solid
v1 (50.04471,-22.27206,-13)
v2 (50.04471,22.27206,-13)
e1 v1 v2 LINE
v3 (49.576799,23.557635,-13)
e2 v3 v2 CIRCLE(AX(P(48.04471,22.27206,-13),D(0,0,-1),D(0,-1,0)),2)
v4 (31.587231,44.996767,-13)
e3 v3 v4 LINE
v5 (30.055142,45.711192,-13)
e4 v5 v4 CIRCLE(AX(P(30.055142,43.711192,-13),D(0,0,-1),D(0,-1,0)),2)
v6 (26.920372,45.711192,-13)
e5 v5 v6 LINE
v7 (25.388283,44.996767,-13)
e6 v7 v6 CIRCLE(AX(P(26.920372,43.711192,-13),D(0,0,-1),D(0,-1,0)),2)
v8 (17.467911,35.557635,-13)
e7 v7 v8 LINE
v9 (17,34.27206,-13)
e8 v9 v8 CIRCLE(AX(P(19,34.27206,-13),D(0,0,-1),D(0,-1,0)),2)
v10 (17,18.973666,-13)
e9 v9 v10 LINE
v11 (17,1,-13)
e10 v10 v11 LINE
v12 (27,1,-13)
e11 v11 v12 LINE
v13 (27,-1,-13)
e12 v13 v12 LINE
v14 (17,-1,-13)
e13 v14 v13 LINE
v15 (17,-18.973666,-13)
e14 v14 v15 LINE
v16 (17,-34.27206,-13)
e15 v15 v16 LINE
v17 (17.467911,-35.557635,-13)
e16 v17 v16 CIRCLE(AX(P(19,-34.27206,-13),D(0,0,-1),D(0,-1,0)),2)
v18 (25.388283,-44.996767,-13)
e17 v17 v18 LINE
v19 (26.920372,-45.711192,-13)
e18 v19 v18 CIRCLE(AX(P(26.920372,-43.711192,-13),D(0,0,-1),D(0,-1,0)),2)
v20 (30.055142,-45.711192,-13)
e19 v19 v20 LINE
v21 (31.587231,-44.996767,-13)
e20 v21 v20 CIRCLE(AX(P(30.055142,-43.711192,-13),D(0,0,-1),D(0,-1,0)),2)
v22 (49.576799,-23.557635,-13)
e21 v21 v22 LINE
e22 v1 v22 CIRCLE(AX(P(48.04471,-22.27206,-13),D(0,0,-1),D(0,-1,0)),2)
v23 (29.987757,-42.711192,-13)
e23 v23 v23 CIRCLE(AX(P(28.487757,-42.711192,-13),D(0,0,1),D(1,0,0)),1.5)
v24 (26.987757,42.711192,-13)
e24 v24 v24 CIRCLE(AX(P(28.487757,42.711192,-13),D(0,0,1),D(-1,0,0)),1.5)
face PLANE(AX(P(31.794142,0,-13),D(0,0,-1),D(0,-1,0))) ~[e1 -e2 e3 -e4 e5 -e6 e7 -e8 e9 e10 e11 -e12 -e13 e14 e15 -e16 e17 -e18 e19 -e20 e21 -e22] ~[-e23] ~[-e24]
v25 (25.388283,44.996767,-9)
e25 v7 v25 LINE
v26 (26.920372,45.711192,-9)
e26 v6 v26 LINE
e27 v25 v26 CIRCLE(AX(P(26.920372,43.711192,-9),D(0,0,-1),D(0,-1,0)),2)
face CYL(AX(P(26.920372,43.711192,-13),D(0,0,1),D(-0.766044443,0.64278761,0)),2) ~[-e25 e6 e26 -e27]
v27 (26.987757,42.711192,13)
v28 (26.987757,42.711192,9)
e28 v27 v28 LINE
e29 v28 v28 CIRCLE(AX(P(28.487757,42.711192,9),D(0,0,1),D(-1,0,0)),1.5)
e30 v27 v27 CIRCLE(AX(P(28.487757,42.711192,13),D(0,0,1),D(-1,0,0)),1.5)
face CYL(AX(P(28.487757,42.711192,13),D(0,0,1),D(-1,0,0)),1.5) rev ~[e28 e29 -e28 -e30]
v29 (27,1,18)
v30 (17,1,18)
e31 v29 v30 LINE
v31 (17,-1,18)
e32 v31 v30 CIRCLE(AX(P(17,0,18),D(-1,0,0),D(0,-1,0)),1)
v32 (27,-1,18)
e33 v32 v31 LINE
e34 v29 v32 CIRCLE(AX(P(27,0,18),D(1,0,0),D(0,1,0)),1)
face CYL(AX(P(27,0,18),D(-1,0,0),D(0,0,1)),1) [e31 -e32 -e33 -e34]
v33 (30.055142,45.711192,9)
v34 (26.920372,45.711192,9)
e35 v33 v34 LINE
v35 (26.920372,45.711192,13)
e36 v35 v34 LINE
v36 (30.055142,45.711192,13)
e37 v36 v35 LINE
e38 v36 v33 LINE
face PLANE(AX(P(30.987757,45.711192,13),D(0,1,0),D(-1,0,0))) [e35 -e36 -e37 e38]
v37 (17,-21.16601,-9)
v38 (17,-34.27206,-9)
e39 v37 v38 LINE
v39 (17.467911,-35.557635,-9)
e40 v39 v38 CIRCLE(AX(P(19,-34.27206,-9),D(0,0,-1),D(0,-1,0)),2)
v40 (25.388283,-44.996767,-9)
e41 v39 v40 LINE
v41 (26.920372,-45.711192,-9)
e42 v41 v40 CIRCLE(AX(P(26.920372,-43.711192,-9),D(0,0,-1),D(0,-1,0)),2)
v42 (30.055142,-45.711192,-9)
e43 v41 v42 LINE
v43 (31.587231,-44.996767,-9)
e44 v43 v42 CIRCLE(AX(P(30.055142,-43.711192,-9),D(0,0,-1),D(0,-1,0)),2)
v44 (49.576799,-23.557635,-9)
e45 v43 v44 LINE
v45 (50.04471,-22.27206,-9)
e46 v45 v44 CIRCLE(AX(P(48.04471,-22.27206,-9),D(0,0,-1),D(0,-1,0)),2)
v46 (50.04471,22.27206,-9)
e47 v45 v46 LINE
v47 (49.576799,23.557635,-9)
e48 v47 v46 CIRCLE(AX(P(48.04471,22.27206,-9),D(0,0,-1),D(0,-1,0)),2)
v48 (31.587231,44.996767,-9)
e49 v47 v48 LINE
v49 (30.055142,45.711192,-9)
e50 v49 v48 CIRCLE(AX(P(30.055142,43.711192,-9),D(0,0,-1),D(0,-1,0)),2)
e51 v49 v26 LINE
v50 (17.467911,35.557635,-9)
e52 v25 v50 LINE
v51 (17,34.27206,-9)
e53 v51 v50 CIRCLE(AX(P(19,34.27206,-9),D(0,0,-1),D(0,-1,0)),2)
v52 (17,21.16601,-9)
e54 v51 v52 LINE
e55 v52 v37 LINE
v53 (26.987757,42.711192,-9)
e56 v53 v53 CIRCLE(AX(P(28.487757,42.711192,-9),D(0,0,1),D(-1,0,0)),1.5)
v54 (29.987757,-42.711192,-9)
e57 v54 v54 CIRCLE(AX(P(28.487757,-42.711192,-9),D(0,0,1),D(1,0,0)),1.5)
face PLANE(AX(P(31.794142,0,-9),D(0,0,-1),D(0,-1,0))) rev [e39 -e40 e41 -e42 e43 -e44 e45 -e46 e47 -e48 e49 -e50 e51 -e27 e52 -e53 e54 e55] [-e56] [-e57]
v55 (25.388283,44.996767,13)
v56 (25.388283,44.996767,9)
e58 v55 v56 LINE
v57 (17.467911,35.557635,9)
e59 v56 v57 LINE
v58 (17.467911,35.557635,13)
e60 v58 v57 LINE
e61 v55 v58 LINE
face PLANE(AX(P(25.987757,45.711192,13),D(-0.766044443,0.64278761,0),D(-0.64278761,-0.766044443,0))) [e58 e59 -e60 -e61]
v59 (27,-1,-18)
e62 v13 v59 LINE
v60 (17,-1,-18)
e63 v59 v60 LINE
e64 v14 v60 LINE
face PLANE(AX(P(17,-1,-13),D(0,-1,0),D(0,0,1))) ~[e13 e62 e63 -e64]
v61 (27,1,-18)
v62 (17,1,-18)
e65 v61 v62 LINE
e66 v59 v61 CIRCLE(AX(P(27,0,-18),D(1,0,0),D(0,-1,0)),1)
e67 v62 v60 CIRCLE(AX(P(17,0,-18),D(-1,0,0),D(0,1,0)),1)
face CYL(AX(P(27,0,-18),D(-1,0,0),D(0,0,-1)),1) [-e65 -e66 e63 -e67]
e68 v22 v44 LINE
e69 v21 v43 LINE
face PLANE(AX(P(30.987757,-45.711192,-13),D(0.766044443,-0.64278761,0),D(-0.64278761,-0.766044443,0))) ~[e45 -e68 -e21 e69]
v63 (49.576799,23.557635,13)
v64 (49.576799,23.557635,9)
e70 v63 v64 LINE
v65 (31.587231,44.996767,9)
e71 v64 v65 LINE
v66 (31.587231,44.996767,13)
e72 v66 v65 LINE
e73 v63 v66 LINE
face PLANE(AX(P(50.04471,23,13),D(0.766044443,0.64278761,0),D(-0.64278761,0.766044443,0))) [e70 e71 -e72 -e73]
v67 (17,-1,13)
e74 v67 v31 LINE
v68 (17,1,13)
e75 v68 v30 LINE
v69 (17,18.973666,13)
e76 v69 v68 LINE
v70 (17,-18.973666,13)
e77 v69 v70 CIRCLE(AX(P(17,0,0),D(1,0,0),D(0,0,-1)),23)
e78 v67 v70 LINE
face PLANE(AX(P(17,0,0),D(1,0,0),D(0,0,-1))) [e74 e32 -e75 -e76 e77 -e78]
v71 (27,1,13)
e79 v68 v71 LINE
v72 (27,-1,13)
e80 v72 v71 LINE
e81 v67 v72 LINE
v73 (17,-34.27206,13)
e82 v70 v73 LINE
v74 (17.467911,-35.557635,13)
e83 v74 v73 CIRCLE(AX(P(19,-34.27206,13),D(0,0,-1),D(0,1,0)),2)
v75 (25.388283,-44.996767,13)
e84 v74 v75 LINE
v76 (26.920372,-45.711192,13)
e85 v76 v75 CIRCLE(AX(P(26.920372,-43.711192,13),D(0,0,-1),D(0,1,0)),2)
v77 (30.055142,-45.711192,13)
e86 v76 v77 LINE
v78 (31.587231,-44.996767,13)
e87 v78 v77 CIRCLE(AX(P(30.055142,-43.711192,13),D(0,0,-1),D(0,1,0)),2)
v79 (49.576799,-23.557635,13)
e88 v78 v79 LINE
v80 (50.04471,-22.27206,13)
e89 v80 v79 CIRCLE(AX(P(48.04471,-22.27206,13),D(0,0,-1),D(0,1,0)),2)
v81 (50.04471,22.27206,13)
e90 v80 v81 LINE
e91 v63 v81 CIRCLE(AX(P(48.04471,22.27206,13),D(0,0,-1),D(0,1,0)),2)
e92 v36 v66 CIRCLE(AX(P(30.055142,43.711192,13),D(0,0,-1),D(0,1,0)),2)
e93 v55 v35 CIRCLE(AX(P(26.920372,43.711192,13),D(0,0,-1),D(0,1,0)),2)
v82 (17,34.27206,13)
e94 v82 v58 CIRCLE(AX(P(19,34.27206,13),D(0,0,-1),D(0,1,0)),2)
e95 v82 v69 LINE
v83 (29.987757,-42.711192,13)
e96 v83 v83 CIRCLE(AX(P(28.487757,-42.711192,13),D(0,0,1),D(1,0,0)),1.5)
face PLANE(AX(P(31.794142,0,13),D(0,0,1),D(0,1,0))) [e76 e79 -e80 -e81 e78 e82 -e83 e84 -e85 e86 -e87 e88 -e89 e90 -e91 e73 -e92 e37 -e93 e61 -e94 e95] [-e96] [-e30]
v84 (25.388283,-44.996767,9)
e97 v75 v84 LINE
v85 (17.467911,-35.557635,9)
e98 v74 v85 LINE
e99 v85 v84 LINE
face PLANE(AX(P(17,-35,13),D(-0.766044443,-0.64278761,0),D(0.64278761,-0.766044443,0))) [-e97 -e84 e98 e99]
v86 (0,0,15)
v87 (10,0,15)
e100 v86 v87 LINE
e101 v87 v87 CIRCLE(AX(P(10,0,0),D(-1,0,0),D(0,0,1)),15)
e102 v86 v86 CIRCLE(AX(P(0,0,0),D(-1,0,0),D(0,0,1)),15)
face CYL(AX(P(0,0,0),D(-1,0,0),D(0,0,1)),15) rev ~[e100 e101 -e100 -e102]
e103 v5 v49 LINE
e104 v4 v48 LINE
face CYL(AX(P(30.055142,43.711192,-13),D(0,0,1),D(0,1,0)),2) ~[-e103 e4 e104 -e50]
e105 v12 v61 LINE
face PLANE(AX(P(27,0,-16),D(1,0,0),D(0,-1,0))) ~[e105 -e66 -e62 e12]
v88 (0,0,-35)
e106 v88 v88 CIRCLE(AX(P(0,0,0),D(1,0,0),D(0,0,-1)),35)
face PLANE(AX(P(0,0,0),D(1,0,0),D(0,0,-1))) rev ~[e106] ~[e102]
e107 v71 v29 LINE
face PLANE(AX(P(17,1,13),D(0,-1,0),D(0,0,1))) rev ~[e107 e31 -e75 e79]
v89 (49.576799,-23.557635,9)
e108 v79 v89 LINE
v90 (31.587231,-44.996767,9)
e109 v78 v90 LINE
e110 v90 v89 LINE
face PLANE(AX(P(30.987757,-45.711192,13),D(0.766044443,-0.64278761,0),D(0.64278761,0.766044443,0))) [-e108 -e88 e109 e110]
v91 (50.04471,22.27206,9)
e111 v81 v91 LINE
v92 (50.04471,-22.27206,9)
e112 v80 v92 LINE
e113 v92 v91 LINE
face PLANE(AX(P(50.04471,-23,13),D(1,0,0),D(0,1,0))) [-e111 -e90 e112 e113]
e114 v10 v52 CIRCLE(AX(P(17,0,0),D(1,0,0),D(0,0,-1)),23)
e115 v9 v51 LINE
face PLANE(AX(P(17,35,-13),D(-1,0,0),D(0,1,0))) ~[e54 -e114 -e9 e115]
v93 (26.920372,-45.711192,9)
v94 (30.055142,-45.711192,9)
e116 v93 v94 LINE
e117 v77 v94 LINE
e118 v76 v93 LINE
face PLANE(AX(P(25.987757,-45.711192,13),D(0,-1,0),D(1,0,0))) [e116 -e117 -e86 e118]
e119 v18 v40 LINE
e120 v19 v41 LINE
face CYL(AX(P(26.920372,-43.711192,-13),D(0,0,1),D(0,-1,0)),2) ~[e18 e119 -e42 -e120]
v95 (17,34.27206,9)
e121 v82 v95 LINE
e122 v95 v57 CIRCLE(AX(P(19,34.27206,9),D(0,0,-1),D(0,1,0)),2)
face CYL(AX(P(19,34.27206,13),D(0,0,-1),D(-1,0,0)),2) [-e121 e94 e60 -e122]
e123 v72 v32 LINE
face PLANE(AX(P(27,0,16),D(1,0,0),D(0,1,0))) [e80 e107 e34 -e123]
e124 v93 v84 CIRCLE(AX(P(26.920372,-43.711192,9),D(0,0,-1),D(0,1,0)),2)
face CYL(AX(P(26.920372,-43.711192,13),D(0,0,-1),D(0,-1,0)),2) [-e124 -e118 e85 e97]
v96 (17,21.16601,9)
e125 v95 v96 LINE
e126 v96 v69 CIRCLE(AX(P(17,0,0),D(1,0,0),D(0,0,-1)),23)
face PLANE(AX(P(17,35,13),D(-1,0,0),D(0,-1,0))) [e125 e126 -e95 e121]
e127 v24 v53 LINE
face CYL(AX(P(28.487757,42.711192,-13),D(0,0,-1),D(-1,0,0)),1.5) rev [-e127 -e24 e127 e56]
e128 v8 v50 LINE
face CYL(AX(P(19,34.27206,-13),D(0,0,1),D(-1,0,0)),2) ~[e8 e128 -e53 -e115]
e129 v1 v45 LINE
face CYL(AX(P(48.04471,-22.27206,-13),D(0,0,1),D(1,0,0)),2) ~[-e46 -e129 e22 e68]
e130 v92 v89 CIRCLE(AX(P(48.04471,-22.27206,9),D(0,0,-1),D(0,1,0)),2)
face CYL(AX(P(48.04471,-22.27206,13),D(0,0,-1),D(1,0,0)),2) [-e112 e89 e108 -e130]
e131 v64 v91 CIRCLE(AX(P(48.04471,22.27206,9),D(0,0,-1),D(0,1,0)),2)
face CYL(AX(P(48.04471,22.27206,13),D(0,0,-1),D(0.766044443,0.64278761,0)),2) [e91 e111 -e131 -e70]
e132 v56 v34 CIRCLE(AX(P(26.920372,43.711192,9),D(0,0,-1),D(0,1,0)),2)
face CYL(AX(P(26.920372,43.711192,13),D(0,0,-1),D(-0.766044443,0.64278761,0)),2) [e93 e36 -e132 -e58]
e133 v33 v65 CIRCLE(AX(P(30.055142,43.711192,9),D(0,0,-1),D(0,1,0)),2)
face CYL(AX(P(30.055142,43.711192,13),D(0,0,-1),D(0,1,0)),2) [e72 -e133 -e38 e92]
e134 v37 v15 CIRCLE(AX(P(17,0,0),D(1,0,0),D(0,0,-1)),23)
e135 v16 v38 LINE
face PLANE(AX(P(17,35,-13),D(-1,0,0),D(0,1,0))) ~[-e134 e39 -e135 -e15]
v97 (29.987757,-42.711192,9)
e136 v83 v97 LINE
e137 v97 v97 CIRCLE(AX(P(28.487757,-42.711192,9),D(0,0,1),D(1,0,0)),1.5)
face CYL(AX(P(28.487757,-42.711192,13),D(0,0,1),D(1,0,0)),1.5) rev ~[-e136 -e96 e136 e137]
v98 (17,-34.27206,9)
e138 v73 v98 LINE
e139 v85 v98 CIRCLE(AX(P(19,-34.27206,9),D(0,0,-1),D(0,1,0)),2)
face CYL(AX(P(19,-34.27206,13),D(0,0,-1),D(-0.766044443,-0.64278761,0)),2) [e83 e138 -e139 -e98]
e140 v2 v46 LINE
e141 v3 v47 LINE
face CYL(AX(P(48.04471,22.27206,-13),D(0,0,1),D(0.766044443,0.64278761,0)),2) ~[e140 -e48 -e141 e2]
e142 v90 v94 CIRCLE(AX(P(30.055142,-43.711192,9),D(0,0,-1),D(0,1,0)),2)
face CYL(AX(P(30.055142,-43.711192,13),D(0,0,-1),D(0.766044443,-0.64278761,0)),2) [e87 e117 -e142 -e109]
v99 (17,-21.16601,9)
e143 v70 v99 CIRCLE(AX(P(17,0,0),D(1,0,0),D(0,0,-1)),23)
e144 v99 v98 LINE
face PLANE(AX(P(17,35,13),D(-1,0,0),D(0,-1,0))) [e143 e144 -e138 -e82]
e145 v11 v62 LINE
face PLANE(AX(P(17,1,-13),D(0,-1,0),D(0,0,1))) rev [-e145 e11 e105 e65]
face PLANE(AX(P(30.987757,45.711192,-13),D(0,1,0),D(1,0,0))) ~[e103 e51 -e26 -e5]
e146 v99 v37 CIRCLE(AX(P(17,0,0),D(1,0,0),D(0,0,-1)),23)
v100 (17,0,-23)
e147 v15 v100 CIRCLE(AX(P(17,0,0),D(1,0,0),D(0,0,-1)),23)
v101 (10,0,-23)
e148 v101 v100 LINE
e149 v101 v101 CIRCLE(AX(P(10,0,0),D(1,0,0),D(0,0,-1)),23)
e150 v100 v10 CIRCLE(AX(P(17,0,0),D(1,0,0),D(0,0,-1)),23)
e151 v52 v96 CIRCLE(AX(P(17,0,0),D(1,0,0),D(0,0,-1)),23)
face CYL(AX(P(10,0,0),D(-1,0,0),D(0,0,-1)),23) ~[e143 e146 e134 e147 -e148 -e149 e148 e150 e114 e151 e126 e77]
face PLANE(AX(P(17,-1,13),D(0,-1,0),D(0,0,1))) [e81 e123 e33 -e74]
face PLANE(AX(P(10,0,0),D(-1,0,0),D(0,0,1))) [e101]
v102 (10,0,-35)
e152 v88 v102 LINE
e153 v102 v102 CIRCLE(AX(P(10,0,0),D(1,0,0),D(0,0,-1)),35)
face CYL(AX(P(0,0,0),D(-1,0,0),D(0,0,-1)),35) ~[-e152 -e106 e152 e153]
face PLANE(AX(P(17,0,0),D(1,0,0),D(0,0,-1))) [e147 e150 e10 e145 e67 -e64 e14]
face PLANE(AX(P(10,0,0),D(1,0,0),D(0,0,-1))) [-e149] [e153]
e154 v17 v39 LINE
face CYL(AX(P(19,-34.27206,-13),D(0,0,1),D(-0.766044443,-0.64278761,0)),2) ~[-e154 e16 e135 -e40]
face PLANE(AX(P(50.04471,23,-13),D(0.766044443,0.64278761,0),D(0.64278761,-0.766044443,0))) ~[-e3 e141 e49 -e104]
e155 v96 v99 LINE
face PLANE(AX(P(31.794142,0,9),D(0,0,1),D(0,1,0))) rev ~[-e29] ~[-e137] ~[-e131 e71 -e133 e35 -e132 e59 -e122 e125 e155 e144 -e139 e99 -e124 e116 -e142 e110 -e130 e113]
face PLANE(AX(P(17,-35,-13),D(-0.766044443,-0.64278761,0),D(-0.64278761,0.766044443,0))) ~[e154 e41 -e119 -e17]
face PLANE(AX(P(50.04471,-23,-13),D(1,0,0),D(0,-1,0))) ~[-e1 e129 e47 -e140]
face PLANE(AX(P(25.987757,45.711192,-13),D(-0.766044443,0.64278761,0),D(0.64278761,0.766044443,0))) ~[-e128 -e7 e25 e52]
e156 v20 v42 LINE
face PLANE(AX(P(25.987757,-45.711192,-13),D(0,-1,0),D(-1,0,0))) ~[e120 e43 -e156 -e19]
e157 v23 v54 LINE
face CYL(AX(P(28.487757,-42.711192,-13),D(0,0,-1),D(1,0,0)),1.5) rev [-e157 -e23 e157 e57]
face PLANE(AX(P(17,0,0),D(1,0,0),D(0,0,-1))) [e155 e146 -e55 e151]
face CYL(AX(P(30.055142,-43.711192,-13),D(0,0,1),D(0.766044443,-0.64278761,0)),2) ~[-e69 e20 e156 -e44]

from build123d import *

# Parameters (mm, degrees)
SKETCH1_R                   = 35
BOSS_EXTRUDE1_DEPTH         = 10
SKETCH2_R                   = 23
BOSS_EXTRUDE2_DEPTH         = 7
BOSS_EXTRUDE3_DEPTH         = 4
SKETCH4_R                   = 1.5
CUT_EXTRUDE2_DEPTH          = 4
SKETCH5_W                   = 2
SKETCH5_H                   = 6
BOSS_EXTRUDE4_DEPTH         = 10
FILLET1_RADIUS              = 1
FILLET1_LENGTH              = 10
FILLET2_R                   = 2
FILLET1_OF_MIRROR2_2_RADIUS = 1
FILLET1_OF_MIRROR2_2_LENGTH = 10
FILLET2_OF_MIRROR2_R        = 2
SKETCH6_R                   = 15
CUT_EXTRUDE3_DEPTH          = 10


with BuildPart() as part:
    # Sketch1 → Boss-Extrude1 (new body)
    with BuildSketch(Plane.YZ):
        with Locations(Location((0, 0, 0), (0, 0, 270))):
            Circle(SKETCH1_R)
    extrude(amount=BOSS_EXTRUDE1_DEPTH)

    # Sketch2 → Boss-Extrude2 (add)
    with BuildSketch(Plane.YZ.offset(10)):
        with Locations(Location((0, 0, 0), (0, 0, 270))):
            Circle(SKETCH2_R)
    extrude(amount=BOSS_EXTRUDE2_DEPTH)

    # Sketch3 → Boss-Extrude3 (add)
    with BuildSketch(Plane(origin=(0, 0, 13), x_dir=(0, 1, 0), z_dir=(0, 0, 1))):
        Polygon((35, -17), (-35, -17), (-45.711191774, -25.987757067), (-45.711191774, -30.987757067), (-23, -50.044709708), (23, -50.044709708), (45.711191774, -30.987757067), (45.711191774, -25.987757067), align=None)
    boss_extrude3 = extrude(amount=-BOSS_EXTRUDE3_DEPTH)

    # Sketch4 → Cut-Extrude2 (cut)
    with BuildSketch(Plane.XY.offset(13)):
        with Locations((28.487757067, -42.711191774)):
            Circle(SKETCH4_R)
        with Locations(Location((28.487757067, 42.711191774, 0), (0, 0, 180))):
            Circle(SKETCH4_R)
    cut_extrude2 = extrude(amount=-CUT_EXTRUDE2_DEPTH, mode=Mode.SUBTRACT)

    # Sketch5 → Boss-Extrude4 (add)
    with BuildSketch(Plane.YZ.offset(17)):
        with Locations((0, 16)):
            Rectangle(SKETCH5_W, SKETCH5_H)
    boss_extrude4 = extrude(amount=BOSS_EXTRUDE4_DEPTH)

    # Fillet1: full round fillet: the end face becomes a half cylinder, R = half its width
    fillet1_face = Plane((22, 0, 19), x_dir=(-1, 0, 0), z_dir=(0, 0, 1))  # on the end face: x along it, z out of the body
    fillet1_slab = fillet1_face.offset(-FILLET1_RADIUS / 2) * Box(FILLET1_LENGTH, 2 * FILLET1_RADIUS, FILLET1_RADIUS, mode=Mode.PRIVATE)  # the body's end, R deep
    fillet1_round = Plane((22, 0, 18), x_dir=(0, 0, 1), z_dir=(-1, 0, 0)) * Cylinder(FILLET1_RADIUS, FILLET1_LENGTH, mode=Mode.PRIVATE)  # its axis R under the face
    add(fillet1_slab - fillet1_round, mode=Mode.SUBTRACT)

    # Fillet2
    fillet2_edges = [part.edges().sort_by_distance(p)[0] for p in [
        (50.044709708, 23, 11),
        (50.044709708, -23, 11),
        (30.987757067, -45.711191774, 11),
        (25.987757067, -45.711191774, 11),
        (17, -35, 11),
        (17, 35, 11),
        (25.987757067, 45.711191774, 11),
        (30.987757067, 45.711191774, 11),
    ]]
    fillet(fillet2_edges, radius=FILLET2_R)

    # Mirror2: Boss-Extrude3, Cut-Extrude2, Boss-Extrude4 across plane
    add(boss_extrude3.mirror(Plane.XY))
    add(cut_extrude2.mirror(Plane.XY), mode=Mode.SUBTRACT)
    add(boss_extrude4.mirror(Plane.XY))

    # Fillet1 of Mirror2 2: full round fillet: the end face becomes a half cylinder, R = half its width
    fillet1_of_mirror2_2_face = Plane((22, 0, -19), x_dir=(-1, 0, 0), z_dir=(0, 0, -1))  # on the end face: x along it, z out of the body
    fillet1_of_mirror2_2_slab = fillet1_of_mirror2_2_face.offset(-FILLET1_OF_MIRROR2_2_RADIUS / 2) * Box(FILLET1_OF_MIRROR2_2_LENGTH, 2 * FILLET1_OF_MIRROR2_2_RADIUS, FILLET1_OF_MIRROR2_2_RADIUS, mode=Mode.PRIVATE)  # the body's end, R deep
    fillet1_of_mirror2_2_round = Plane((22, 0, -18), x_dir=(0, 0, -1), z_dir=(-1, 0, 0)) * Cylinder(FILLET1_OF_MIRROR2_2_RADIUS, FILLET1_OF_MIRROR2_2_LENGTH, mode=Mode.PRIVATE)  # its axis R under the face
    add(fillet1_of_mirror2_2_slab - fillet1_of_mirror2_2_round, mode=Mode.SUBTRACT)

    # Fillet2 of Mirror2
    fillet2_of_mirror2_edges = [part.edges().sort_by_distance(p)[0] for p in [
        (50.044709708, 23, -11),
        (50.044709708, -23, -11),
        (30.987757067, -45.711191774, -11),
        (25.987757067, -45.711191774, -11),
        (17, -35, -11),
        (17, 35, -11),
        (25.987757067, 45.711191774, -11),
        (30.987757067, 45.711191774, -11),
    ]]
    fillet(fillet2_of_mirror2_edges, radius=FILLET2_OF_MIRROR2_R)

    # Sketch6 → Cut-Extrude3 (cut)
    with BuildSketch(Plane(origin=(0, 0, 0), x_dir=(0, -1, 0), z_dir=(-1, 0, 0))):
        with Locations(Location((0, 0, 0), (0, 0, 90))):
            Circle(SKETCH6_R)
    extrude(amount=-CUT_EXTRUDE3_DEPTH, mode=Mode.SUBTRACT)


solid = part.part
